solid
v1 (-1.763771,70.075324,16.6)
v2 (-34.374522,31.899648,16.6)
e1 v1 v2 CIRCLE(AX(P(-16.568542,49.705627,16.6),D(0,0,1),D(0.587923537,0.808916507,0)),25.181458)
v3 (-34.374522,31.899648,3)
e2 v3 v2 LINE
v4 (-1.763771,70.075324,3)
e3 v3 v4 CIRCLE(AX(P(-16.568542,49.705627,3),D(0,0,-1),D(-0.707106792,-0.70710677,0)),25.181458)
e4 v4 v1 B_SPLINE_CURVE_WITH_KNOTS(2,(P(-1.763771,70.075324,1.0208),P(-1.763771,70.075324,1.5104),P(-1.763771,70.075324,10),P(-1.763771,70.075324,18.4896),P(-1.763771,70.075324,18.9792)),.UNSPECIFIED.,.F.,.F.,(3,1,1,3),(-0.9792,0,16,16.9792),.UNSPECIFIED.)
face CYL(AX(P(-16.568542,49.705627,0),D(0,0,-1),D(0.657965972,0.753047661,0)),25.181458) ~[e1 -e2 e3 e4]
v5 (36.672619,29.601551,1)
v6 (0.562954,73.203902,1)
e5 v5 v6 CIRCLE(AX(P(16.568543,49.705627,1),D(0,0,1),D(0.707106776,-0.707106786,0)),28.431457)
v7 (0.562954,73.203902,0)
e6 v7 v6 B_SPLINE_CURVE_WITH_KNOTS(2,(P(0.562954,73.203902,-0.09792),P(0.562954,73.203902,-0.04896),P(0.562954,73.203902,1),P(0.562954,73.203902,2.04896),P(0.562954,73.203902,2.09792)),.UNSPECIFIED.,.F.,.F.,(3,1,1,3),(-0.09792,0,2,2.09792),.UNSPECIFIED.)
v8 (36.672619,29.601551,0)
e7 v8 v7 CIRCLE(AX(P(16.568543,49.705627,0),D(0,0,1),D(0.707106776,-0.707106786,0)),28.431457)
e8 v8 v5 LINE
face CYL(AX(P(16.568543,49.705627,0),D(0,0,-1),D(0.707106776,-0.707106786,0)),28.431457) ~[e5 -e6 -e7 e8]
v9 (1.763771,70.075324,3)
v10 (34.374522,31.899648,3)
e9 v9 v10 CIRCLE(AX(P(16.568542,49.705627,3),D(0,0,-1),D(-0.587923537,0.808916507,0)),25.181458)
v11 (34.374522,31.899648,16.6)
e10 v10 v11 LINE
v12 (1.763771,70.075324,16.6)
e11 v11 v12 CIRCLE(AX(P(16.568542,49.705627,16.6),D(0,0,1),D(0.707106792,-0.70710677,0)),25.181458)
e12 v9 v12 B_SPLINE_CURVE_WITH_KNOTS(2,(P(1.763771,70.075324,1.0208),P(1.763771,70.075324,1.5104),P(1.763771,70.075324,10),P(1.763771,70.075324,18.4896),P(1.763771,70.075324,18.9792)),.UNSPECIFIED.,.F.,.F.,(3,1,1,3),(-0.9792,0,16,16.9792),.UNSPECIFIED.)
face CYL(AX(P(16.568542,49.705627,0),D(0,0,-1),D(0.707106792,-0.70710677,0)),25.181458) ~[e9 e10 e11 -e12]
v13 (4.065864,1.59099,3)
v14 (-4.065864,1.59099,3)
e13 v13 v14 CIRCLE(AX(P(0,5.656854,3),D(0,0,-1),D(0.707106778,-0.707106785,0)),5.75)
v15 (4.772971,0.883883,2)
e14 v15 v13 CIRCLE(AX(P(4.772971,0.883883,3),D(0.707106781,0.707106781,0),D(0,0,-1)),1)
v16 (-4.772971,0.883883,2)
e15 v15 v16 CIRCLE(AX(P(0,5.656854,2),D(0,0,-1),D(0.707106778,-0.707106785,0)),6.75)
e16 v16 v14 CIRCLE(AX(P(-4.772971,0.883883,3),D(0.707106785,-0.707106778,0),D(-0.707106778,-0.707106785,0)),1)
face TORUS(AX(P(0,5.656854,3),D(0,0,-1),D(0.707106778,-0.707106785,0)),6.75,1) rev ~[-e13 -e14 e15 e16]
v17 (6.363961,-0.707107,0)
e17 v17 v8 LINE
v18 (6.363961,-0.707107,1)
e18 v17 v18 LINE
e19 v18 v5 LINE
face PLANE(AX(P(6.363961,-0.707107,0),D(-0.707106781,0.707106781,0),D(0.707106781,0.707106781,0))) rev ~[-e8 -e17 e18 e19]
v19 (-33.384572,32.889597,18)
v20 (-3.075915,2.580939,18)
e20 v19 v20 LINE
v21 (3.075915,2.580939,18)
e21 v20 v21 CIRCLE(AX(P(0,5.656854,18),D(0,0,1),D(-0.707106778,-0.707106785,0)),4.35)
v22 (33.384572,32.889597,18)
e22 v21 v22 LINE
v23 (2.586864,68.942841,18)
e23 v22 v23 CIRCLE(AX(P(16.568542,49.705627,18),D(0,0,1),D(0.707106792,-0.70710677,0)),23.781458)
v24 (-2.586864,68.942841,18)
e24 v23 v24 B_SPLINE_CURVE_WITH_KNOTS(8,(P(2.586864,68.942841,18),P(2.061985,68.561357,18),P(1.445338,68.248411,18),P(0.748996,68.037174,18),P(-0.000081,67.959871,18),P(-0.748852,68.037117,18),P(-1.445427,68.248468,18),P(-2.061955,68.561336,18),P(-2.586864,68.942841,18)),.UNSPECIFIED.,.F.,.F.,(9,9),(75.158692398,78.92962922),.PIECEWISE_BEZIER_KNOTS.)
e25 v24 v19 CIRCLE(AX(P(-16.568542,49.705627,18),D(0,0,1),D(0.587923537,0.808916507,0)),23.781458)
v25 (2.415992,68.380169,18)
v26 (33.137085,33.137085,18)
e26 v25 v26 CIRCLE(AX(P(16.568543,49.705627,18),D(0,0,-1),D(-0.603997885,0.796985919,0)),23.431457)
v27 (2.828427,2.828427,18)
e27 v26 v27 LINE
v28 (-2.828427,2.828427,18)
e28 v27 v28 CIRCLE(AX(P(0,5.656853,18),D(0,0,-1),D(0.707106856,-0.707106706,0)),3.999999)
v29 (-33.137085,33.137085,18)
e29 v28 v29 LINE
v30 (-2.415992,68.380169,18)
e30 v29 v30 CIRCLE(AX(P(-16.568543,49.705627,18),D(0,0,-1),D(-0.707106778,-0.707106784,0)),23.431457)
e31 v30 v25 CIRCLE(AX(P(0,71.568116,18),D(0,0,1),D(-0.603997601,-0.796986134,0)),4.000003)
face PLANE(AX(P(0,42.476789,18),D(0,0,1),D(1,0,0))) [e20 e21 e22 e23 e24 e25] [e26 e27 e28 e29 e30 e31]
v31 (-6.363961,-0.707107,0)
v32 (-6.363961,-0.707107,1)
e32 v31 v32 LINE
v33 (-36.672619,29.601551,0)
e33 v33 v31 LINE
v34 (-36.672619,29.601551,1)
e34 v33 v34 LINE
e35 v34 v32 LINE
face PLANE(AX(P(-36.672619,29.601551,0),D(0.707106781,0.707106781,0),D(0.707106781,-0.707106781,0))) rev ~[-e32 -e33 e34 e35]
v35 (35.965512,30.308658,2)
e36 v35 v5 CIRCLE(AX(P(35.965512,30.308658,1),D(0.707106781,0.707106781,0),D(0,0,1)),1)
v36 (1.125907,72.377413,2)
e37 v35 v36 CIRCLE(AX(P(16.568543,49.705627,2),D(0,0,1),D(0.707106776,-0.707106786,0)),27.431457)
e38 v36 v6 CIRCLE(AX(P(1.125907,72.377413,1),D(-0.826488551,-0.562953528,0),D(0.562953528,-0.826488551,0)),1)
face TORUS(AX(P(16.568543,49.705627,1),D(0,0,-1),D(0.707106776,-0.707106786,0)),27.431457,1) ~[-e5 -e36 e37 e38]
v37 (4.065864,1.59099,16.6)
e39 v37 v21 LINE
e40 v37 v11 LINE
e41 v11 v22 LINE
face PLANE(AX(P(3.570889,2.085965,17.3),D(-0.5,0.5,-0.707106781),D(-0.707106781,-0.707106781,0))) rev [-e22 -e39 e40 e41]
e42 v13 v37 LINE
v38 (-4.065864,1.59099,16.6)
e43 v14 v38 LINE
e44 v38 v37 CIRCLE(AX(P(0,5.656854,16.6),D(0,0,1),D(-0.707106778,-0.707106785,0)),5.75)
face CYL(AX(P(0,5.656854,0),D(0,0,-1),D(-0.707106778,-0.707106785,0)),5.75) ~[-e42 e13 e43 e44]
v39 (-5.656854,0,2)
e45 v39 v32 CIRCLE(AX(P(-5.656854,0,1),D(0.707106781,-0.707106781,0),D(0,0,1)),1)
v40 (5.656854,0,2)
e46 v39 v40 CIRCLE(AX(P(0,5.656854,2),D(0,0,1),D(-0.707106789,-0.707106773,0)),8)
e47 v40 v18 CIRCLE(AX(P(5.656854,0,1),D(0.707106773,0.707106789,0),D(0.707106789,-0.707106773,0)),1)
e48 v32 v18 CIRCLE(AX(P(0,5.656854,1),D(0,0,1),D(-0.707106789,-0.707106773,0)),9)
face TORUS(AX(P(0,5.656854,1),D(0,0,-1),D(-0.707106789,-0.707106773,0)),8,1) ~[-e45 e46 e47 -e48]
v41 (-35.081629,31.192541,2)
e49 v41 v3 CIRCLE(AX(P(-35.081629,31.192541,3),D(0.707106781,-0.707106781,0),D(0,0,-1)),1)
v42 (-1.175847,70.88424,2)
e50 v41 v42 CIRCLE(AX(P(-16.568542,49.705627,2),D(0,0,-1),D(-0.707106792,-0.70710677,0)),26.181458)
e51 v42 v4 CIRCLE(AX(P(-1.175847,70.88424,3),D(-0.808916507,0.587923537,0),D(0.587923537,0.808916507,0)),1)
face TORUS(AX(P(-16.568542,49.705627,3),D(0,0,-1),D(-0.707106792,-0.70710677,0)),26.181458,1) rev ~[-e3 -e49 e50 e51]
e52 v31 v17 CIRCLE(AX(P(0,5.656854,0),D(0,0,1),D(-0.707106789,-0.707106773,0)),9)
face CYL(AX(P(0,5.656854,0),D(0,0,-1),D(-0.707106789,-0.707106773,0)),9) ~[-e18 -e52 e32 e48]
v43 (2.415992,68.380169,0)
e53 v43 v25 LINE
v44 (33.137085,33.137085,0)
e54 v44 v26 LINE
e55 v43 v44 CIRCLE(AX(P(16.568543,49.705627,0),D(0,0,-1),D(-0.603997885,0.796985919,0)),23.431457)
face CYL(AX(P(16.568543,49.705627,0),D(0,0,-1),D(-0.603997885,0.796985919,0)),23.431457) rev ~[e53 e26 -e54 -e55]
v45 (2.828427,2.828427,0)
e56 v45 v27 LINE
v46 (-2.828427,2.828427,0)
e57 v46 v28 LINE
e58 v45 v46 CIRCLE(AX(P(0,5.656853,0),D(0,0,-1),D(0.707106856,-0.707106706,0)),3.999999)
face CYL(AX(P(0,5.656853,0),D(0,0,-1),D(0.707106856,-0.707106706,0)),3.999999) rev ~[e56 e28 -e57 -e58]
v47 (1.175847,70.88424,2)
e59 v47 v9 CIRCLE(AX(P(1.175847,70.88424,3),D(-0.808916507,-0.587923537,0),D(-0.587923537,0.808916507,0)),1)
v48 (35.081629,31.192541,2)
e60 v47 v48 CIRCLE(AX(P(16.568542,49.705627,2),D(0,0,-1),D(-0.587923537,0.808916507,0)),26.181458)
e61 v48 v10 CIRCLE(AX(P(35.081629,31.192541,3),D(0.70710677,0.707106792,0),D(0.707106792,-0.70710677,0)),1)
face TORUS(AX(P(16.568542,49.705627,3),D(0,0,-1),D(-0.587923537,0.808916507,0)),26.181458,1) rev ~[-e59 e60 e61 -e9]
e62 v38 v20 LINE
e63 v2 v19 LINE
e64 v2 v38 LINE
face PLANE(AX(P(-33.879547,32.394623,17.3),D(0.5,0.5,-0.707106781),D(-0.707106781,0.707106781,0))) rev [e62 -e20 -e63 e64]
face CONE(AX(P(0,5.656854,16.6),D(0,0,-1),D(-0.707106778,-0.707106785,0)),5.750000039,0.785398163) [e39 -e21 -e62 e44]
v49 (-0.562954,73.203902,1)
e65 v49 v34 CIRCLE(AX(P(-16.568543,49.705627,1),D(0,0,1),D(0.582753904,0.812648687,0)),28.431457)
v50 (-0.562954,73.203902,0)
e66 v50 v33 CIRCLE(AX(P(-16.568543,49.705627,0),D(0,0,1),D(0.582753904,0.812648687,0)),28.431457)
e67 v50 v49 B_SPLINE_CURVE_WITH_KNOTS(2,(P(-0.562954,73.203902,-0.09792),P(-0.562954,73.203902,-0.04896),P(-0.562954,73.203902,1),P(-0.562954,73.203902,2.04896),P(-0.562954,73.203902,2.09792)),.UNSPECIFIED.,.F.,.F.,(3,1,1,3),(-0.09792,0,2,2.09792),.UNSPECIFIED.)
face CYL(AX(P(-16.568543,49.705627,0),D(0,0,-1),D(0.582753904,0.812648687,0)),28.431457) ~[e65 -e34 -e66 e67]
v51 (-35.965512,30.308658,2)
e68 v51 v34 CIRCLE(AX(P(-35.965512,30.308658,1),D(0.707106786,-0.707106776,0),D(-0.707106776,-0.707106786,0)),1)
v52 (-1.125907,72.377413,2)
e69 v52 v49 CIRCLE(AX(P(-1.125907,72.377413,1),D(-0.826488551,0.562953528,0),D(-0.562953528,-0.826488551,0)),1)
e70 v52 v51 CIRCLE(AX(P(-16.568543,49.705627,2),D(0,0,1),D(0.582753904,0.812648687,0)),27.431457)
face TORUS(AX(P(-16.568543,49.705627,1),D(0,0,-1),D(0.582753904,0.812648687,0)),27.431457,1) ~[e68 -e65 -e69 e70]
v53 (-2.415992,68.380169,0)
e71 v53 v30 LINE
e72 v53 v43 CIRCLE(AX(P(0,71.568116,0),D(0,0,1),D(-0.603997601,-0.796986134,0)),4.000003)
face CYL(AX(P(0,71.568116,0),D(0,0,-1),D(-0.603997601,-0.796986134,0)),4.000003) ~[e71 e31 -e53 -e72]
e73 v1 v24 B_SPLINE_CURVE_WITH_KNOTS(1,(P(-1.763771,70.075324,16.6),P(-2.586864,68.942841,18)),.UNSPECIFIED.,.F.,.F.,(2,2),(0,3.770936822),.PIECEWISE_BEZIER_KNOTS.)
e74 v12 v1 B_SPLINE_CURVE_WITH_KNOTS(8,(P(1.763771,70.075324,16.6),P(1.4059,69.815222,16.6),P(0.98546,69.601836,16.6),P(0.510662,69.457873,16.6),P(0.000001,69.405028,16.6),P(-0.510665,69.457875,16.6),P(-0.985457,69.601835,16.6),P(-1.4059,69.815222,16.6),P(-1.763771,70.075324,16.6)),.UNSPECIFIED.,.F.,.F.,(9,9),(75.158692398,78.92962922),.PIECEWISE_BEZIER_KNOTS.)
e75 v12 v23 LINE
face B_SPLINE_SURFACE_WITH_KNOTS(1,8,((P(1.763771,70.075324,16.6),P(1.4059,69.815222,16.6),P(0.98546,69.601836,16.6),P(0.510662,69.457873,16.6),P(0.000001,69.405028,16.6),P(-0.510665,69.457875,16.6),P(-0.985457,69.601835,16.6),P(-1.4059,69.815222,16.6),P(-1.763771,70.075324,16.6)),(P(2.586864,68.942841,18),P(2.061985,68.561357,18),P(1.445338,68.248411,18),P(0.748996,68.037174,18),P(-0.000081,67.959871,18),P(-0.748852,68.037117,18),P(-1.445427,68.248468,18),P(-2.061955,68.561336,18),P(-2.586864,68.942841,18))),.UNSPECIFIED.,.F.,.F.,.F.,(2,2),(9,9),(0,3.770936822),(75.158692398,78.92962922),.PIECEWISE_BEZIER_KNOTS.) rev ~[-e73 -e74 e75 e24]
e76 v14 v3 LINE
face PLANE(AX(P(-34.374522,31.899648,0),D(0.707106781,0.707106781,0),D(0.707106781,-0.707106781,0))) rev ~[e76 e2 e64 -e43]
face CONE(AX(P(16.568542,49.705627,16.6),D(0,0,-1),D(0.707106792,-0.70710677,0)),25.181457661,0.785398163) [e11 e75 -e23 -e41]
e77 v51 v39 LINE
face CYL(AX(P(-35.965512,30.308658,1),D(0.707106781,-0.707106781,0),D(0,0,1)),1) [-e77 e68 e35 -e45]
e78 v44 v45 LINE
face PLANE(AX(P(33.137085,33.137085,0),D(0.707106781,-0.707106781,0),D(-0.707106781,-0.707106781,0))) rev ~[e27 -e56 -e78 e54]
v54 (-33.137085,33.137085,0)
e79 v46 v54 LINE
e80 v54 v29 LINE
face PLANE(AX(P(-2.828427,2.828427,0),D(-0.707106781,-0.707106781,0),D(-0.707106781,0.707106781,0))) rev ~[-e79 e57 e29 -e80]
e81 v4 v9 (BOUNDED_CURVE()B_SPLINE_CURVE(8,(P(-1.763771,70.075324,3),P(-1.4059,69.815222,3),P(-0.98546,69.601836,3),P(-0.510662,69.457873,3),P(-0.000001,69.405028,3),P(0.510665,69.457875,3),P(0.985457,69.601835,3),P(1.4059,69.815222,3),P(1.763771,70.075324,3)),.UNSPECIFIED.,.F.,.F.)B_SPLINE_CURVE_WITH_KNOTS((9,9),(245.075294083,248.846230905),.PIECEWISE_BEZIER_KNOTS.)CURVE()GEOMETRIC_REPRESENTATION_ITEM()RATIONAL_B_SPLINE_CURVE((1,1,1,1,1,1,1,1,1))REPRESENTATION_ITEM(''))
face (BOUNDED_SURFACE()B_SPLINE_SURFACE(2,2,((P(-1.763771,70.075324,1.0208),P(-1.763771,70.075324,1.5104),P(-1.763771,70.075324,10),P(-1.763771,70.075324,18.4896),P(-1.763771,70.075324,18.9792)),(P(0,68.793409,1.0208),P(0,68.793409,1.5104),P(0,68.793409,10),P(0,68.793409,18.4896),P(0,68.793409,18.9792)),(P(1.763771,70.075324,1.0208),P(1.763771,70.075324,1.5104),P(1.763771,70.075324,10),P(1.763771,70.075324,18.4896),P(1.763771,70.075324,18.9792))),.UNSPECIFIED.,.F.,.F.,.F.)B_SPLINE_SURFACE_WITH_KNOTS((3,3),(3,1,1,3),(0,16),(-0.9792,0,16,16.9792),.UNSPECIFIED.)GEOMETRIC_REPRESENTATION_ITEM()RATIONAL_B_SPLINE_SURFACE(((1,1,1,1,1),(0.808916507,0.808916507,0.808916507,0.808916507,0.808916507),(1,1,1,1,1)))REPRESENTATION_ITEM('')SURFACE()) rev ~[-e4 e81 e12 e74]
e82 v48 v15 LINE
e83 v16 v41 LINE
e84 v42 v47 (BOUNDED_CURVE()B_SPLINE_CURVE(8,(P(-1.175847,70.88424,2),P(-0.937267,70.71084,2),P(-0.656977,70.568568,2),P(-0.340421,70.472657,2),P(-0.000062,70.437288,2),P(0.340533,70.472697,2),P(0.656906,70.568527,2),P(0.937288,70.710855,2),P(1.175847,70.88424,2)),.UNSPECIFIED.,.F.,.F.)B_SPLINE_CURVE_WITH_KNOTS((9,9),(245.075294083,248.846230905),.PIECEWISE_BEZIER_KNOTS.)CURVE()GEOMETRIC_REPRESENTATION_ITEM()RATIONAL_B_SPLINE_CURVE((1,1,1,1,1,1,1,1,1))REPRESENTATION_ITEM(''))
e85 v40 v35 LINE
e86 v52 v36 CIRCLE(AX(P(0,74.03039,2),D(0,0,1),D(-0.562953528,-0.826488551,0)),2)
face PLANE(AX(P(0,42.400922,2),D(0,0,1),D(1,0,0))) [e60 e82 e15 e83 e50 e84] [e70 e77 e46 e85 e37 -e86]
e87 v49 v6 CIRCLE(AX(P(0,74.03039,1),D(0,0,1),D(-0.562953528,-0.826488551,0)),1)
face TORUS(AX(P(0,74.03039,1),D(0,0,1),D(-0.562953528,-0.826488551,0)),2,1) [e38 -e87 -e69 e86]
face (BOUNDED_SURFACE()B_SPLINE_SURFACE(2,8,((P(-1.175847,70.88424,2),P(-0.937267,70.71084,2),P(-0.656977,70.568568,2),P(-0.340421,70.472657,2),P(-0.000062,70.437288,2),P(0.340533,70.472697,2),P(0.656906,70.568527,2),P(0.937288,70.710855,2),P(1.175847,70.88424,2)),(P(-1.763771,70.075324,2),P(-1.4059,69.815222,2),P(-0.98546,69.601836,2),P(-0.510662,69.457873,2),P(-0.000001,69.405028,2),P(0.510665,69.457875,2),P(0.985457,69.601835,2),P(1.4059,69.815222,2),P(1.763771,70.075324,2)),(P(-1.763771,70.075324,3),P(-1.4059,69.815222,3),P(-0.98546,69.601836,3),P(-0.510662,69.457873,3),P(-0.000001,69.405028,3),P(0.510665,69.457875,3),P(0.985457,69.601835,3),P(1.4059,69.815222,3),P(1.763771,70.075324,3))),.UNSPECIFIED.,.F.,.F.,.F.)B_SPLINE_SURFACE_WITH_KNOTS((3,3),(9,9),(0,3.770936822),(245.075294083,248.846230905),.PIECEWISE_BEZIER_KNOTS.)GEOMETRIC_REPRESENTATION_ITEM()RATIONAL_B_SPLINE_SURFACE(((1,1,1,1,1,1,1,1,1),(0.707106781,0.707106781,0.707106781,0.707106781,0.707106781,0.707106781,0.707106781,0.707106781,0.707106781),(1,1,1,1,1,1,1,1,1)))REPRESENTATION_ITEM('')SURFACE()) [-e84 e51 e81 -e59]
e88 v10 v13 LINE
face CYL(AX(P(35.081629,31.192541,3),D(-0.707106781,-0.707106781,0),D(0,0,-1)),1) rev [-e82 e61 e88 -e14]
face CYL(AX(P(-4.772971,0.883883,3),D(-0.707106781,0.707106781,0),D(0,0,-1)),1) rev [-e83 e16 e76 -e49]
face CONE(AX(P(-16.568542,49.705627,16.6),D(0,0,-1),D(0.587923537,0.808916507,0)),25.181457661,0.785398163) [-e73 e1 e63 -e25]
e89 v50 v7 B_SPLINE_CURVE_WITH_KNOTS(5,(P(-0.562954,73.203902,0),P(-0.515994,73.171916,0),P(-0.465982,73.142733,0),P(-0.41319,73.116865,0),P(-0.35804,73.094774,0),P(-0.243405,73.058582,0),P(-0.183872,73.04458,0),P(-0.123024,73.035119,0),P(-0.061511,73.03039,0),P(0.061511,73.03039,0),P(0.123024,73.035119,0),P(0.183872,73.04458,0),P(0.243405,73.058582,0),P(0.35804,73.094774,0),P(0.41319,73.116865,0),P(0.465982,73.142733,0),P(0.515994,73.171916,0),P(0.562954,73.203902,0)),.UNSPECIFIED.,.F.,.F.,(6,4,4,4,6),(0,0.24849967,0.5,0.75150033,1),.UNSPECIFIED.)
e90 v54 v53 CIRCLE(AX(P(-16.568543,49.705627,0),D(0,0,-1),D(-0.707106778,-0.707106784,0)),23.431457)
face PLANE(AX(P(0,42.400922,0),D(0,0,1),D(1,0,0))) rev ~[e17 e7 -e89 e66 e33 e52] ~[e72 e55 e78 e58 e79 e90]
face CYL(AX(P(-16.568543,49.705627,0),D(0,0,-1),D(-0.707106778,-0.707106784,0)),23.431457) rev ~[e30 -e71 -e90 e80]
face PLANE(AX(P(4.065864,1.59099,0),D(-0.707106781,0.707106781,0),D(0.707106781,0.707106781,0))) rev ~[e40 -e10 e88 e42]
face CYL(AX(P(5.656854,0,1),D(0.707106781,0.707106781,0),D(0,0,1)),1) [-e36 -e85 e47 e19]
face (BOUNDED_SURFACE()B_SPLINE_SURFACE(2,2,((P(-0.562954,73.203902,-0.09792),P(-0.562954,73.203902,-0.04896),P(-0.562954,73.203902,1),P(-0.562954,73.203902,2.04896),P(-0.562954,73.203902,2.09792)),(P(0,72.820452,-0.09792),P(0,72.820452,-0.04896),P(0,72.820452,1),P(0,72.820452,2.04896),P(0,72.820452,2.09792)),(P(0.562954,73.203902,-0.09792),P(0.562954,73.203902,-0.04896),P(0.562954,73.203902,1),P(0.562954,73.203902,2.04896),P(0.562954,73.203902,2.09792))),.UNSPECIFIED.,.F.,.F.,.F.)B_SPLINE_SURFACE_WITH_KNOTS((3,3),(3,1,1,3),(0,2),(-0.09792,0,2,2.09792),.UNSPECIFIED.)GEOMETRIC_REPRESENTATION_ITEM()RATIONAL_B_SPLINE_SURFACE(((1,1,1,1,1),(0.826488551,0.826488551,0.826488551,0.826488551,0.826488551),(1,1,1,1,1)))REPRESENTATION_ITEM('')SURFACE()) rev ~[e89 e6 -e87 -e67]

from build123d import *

# Parameters (mm, degrees)
F1_DEPTH = 18
F2_DEPTH = 2
F3_R     = 3
F4_R     = 1
F5_SIZE  = 1.4


with BuildPart() as f1:
    # F0 (on Top) → F1 (new body)
    with BuildSketch(Plane.XY):
        with BuildLine():
            Line((4.065864, 1.59099), (34.374522, 31.899648))
            ThreePointArc((34.374522, 31.899648), (34.963359, 66.902619), (0, 68.668465))
            ThreePointArc((0, 68.668465), (-34.963359, 66.902619), (-34.374522, 31.899648))
            Line((-34.374522, 31.899648), (-4.065864, 1.59099))
            ThreePointArc((-4.065864, 1.59099), (0, -0.093146), (4.065864, 1.59099))
        make_face()
        with BuildLine():
            ThreePointArc((2.828427, 2.828427), (0, 1.656854), (-2.828427, 2.828427))
            Line((-2.828427, 2.828427), (-33.137085, 33.137085))
            ThreePointArc((-33.137085, 33.137085), (-34.231441, 65.102225), (-2.415992, 68.380169))
            ThreePointArc((-2.415992, 68.380169), (0, 67.568113), (2.415992, 68.380169))
            ThreePointArc((2.415992, 68.380169), (34.231441, 65.102225), (33.137085, 33.137085))
            Line((33.137085, 33.137085), (2.828427, 2.828427))
        make_face(mode=Mode.SUBTRACT)
    extrude(amount=F1_DEPTH)

    # F0 (on Top) → F2 (join)
    with BuildSketch(Plane.XY):
        with BuildLine():
            Line((-36.672619, 29.601551), (-6.363961, -0.707107))
            ThreePointArc((-6.363961, -0.707107), (0, -3.343146), (6.363961, -0.707107))
            Line((6.363961, -0.707107), (36.672619, 29.601551))
            ThreePointArc((36.672619, 29.601551), (38.245177, 68.103217), (0, 72.810414))
            ThreePointArc((0, 72.810414), (-38.245177, 68.103217), (-36.672619, 29.601551))
        make_face()
        with BuildLine():
            ThreePointArc((0, 68.668465), (34.963359, 66.902619), (34.374522, 31.899648))
            Line((34.374522, 31.899648), (4.065864, 1.59099))
            ThreePointArc((4.065864, 1.59099), (0, -0.093146), (-4.065864, 1.59099))
            Line((-4.065864, 1.59099), (-34.374522, 31.899648))
            ThreePointArc((-34.374522, 31.899648), (-34.963359, 66.902619), (0, 68.668465))
        make_face(mode=Mode.SUBTRACT)
    extrude(amount=F2_DEPTH)

    # F3
    f3_edges = [f1.edges().sort_by_distance(p)[0] for p in [
        (0, 68.668465, 10),
    ]]
    fillet(f3_edges, radius=F3_R)

    # F4
    f4_edges = [f1.edges().sort_by_distance(p)[0] for p in [
        (35.715275, 66.061313, 2),
        (38.245177, 68.103217, 2),
        (0, 72.810414, 1),
    ]]
    fillet(f4_edges, radius=F4_R)

    # F5
    f5_edges = [f1.edges().sort_by_distance(p)[0] for p in [
        (35.715275, 66.061313, 18),
    ]]
    chamfer(f5_edges, length=F5_SIZE)


solid = f1.part
